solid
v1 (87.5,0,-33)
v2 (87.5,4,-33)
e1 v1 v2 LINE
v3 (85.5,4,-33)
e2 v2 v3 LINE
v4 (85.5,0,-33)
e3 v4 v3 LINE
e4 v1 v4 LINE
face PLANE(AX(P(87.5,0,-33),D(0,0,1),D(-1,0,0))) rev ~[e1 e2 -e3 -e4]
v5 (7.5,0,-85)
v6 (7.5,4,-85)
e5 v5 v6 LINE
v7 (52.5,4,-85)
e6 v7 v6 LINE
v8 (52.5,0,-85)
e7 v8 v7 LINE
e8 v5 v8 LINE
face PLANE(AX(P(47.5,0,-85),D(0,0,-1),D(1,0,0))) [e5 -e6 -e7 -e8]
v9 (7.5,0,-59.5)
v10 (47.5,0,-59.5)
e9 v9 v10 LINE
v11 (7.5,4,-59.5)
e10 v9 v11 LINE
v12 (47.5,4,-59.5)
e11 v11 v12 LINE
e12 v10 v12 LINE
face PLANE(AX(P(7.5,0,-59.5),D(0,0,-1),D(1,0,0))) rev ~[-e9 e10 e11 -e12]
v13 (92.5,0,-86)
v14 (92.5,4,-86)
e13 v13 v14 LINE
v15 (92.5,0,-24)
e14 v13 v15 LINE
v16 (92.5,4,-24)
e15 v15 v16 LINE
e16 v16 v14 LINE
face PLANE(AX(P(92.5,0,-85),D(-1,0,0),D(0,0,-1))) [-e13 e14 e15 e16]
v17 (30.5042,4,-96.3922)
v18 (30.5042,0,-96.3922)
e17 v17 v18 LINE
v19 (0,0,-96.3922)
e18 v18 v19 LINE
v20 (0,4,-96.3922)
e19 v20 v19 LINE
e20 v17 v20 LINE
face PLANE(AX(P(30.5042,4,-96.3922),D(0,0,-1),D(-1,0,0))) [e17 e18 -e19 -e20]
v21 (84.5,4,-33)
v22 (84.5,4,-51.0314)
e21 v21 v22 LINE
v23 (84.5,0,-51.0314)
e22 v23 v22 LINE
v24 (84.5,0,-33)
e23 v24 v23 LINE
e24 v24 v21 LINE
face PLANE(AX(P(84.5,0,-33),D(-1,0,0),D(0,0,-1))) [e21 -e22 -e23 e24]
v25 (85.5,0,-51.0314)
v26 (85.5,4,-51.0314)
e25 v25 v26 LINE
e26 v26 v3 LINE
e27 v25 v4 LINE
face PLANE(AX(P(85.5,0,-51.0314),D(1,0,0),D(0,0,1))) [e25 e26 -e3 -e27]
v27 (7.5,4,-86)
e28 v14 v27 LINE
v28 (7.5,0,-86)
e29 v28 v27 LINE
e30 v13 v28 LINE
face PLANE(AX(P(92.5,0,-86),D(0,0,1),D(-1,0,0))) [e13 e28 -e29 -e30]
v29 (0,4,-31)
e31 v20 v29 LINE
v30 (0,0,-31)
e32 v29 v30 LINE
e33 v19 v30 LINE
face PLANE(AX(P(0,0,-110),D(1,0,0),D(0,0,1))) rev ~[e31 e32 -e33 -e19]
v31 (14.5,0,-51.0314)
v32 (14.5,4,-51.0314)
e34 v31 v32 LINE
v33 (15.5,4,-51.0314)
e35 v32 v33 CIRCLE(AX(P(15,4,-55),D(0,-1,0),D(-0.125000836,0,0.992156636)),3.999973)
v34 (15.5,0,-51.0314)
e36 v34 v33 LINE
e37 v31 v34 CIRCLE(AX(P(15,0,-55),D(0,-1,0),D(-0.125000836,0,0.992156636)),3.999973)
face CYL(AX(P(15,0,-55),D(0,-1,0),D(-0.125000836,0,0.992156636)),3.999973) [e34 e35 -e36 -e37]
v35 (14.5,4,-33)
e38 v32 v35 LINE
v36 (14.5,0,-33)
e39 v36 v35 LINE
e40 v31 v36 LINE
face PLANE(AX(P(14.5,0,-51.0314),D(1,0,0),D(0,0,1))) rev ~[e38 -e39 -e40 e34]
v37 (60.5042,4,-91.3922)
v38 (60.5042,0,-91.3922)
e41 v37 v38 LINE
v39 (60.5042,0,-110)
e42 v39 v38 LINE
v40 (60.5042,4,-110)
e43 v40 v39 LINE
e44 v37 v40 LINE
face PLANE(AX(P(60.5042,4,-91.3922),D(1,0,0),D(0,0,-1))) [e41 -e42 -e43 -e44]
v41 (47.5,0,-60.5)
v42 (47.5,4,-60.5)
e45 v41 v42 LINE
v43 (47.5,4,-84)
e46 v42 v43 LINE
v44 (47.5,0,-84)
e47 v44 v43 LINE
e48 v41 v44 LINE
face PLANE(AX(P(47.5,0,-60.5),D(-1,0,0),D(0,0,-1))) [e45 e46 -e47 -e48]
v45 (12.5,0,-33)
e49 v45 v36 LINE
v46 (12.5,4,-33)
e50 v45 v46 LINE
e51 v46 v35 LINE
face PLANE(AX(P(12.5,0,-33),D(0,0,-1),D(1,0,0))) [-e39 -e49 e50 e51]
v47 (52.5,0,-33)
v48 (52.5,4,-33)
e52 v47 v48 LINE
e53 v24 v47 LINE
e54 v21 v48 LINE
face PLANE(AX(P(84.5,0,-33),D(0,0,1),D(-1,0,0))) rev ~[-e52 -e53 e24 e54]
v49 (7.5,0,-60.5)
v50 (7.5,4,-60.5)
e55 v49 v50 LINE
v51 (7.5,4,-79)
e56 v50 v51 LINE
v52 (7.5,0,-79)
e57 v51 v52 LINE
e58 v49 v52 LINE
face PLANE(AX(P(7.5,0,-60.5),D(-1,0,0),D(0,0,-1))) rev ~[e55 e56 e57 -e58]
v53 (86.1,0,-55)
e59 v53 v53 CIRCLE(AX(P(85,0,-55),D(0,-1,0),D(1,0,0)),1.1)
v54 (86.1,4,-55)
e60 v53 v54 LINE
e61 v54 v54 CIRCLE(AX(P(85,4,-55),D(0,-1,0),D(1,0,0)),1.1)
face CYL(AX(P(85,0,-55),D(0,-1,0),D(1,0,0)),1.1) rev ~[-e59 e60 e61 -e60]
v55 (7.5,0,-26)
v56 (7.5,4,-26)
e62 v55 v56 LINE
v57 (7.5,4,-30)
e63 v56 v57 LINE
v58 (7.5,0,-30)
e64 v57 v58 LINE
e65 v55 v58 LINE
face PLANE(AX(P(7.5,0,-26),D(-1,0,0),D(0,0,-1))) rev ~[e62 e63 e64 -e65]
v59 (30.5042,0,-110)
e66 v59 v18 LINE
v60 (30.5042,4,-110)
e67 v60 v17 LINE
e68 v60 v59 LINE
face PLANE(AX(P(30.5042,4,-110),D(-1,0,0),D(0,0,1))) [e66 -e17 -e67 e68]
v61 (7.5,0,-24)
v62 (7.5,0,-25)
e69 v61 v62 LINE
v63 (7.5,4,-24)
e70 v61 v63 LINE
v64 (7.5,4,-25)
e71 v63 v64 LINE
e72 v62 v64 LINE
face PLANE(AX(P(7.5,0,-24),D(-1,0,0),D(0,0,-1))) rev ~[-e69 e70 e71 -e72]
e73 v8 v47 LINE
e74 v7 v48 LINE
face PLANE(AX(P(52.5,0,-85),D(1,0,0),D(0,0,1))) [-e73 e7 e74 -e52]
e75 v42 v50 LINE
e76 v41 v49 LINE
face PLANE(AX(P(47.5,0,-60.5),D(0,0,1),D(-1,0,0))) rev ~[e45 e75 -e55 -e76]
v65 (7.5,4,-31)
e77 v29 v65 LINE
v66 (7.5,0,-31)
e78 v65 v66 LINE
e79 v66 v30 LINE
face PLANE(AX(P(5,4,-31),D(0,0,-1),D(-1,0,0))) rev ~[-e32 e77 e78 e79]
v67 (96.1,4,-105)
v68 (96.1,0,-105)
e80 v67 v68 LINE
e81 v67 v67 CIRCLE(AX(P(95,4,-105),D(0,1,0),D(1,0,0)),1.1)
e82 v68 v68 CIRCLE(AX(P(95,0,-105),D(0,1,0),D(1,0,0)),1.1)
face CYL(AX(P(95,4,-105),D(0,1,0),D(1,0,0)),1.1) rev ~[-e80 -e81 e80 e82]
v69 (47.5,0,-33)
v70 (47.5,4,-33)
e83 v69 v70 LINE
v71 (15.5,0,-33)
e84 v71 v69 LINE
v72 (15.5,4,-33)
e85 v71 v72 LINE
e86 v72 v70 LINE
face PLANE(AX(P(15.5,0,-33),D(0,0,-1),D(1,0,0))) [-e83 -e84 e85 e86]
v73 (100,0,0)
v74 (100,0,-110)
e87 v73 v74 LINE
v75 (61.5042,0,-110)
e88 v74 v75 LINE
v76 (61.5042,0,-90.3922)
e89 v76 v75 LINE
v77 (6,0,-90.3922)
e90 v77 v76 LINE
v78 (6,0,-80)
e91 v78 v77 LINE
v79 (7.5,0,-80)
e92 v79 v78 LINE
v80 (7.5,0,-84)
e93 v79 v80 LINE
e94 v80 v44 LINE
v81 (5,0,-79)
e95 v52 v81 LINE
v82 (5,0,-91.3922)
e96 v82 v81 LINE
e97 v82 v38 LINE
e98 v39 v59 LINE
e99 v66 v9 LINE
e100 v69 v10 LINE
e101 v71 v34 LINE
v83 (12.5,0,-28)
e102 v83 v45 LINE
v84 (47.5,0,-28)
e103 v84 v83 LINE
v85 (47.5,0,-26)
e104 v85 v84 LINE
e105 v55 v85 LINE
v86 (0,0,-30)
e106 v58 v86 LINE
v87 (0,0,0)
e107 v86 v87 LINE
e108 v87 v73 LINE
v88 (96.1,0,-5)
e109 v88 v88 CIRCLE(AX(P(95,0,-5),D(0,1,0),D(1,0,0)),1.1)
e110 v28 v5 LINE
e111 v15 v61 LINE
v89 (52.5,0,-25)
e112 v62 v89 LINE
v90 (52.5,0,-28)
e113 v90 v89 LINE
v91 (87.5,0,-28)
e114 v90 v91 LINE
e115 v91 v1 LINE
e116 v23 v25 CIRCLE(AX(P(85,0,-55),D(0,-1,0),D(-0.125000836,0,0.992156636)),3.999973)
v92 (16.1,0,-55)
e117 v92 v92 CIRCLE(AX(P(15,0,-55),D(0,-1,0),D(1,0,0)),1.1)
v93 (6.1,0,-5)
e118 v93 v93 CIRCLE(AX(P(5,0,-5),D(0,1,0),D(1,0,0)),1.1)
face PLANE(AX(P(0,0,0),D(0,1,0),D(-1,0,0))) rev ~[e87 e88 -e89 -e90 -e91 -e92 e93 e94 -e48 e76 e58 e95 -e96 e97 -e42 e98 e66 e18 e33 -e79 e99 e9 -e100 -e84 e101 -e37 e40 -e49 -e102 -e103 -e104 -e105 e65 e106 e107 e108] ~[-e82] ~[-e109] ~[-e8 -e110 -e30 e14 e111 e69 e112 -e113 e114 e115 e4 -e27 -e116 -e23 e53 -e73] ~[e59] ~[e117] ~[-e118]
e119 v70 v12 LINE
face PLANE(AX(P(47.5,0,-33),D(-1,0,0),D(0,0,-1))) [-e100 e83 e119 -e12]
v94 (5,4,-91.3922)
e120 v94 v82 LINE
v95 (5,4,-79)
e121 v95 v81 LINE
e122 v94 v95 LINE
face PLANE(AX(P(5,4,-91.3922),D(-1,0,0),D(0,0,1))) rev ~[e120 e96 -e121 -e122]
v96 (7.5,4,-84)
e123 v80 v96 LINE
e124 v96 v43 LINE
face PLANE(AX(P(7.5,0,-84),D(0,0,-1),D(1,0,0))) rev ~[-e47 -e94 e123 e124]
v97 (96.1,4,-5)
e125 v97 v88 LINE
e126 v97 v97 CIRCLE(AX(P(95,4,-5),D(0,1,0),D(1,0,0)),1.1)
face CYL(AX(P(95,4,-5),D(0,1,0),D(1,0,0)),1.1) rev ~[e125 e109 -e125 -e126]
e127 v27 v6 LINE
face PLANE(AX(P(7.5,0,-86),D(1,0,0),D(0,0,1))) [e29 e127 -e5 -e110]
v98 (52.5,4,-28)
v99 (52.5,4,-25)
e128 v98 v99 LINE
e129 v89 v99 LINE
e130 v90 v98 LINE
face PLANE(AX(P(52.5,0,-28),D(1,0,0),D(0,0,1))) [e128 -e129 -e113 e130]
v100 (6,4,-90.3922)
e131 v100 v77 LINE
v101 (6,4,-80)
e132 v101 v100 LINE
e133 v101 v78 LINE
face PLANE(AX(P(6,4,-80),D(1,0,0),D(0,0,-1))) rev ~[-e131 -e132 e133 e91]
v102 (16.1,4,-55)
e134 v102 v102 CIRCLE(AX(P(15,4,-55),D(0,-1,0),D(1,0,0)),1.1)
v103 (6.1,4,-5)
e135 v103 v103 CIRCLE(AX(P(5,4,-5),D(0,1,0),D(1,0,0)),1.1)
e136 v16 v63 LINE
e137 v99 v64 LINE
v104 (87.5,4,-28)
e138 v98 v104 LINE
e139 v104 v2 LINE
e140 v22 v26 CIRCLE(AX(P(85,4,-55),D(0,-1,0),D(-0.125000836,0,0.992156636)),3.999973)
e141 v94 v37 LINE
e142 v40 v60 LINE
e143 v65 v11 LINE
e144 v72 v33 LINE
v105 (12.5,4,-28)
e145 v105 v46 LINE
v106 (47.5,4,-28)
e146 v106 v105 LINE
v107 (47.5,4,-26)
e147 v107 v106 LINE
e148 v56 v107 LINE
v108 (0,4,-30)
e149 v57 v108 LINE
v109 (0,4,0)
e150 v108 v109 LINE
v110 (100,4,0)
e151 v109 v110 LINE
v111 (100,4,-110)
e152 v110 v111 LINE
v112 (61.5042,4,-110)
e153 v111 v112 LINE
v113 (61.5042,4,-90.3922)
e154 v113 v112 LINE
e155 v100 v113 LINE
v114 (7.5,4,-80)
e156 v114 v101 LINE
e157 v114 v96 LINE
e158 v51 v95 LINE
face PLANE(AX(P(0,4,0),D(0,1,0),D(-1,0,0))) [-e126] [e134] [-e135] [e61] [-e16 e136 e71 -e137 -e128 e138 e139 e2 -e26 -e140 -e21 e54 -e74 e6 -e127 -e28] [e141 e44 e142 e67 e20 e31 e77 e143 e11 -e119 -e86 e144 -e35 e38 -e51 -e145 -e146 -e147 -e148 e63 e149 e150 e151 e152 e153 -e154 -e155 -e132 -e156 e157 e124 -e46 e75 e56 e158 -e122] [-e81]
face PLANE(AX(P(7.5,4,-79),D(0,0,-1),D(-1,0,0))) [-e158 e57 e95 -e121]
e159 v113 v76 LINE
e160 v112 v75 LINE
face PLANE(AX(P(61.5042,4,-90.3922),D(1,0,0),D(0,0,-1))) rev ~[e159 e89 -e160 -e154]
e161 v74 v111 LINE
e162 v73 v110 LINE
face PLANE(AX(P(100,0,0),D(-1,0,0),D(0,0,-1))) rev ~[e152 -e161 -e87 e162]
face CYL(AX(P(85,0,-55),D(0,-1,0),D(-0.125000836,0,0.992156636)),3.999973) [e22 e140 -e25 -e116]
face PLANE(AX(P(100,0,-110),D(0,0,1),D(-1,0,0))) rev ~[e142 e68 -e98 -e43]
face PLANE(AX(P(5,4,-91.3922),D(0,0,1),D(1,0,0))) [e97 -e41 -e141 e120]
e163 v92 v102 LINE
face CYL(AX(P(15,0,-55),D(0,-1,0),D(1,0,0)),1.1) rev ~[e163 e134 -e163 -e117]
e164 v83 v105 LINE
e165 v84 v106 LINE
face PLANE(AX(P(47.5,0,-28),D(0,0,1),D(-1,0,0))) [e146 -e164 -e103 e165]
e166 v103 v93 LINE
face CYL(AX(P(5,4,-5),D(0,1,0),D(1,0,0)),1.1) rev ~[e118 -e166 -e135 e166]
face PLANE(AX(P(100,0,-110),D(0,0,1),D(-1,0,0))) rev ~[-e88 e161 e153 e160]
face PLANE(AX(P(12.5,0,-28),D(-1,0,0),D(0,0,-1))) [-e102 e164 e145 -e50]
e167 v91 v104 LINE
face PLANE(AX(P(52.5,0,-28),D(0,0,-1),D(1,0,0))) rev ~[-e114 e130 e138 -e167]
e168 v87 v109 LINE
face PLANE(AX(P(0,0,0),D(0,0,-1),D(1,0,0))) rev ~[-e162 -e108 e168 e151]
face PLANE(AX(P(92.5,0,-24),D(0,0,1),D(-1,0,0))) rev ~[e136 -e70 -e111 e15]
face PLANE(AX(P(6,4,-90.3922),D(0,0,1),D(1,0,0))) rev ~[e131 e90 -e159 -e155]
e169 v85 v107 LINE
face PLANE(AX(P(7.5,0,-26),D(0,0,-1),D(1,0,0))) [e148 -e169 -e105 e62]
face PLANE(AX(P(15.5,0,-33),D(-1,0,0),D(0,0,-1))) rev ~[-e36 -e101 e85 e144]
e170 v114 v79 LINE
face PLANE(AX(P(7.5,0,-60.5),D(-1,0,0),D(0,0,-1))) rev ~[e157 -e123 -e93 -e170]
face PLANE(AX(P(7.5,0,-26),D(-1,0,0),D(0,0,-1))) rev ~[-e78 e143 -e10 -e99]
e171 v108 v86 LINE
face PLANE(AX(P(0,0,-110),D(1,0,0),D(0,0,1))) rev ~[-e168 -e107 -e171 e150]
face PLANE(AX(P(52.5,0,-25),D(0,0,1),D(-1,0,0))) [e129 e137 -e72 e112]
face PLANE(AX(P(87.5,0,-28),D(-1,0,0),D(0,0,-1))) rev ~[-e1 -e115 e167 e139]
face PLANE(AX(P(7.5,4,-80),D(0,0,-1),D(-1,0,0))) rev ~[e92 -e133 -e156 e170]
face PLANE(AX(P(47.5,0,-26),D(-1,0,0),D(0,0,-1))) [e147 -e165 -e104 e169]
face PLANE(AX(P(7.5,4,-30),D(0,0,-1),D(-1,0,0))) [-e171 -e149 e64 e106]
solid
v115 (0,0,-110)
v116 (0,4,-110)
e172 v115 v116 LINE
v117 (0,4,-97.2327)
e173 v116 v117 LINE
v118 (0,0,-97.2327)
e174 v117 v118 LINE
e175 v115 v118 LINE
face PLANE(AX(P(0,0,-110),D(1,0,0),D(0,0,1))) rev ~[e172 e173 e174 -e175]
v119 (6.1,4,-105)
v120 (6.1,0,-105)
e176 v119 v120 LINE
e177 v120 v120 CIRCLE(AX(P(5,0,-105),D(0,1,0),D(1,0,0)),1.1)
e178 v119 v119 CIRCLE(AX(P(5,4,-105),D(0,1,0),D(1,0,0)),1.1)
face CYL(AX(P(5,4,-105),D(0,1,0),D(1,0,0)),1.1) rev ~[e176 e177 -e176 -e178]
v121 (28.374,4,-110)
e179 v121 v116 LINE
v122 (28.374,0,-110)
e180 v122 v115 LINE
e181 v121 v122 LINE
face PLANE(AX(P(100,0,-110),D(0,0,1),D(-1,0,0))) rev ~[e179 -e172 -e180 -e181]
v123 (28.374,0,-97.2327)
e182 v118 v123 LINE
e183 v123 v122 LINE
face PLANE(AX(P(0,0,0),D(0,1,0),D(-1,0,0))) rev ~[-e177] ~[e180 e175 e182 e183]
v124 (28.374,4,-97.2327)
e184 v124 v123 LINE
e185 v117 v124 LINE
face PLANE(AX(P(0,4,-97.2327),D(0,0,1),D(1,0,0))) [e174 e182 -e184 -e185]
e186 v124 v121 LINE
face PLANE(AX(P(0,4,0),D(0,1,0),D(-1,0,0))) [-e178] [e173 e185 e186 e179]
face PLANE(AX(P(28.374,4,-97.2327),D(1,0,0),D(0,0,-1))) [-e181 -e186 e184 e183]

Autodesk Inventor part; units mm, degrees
ref_plane "YZ Plane" through (0, 0, 0) normal (1, 0, 0) x (0, 1, 0)
ref_plane "XZ Plane" through (0, 0, 0) normal (0, 1, 0) x (-1, 0, 0)
ref_plane "XY Plane" through (0, 0, 0) normal (0, 0, 1) x (1, 0, 0)
sketch "Sketch1" plane through (0, 0, 0) normal (0, 1, 0) x (-1, 0, 0)
  line L0 (0, 0) -> (-100, 0)
  line L1 (-100, 0) -> (-100, -110)
  line L2 (-100, -110) -> (0, -110)
  line L3 (0, -110) -> (0, 0)
  dimension "d0" = 110
  dimension "d1" = 100
extrude "Extrusion1" add sketch "Sketch1" along normal blind 4
sketch "Sketch5" plane through (0, 4, 0) normal (0, 1, 0) x (1, 0, 0)
  circle A0 centre (5, 5) radius 1.1
  line L0 (0, 0) -> (100, 0) projected
  line L1 (0, 110) -> (0, 0) projected
  line L2 (0, 55) -> (10.2566, 55)
  circle A1 centre (5, 105) radius 1.1
  line L3 (0, 110) -> (100, 110)
  line L4 (0, 0) -> (0, 110)
  line L5 (50, 0) -> (50, 7.5266)
  circle A2 centre (95, 5) radius 1.1
  line L6 (100, 110) -> (100, 0)
  circle A3 centre (95, 105) radius 1.1
  line L7 (100, 0) -> (100, 110)
  point P0 (100, 55)
  point P1 (89.7434, 55)
  dimension "d41" = 5
  dimension "d42" = 5
  dimension "d43" = 2.2
extrude "Extrusion4" cut sketch "Sketch5" against normal blind 10 contours A0 | A1 | A2 | A3
thread "Thread7" size "M2.5x0.45" class "6H" standard "ANSI Metric M Profile" length 10
thread "Thread8" size "M2.5x0.45" class "6H" standard "ANSI Metric M Profile" length 10
thread "Thread9" size "M2.5x0.45" class "6H" standard "ANSI Metric M Profile" length 10
thread "Thread10" size "M2.5x0.45" class "6H" standard "ANSI Metric M Profile" length 10
sketch "Sketch6" plane through (0, 0, 0) normal (0, -1, 0) x (1, 0, 0)
  line L0 (0, 0) -> (100, 0) projected
  line L1 (0, -110) -> (0, 0) projected
  line L2 (47.5, -85) -> (52.5, -85)
  line L3 (52.5, -85) -> (52.5, -25)
  line L4 (52.5, -25) -> (47.5, -25)
  line L5 (47.5, -25) -> (47.5, -85)
  line L6 (47.5, -85) -> (52.5, -25) construction
  line L7 (52.5, -85) -> (47.5, -25) construction
  line L8 (100, 0) -> (100, -110) projected
  line L9 (100, -110) -> (0, -110) projected
  line L10 (47.5, -25) -> (7.5, -25)
  line L11 (7.5, -25) -> (7.5, -26)
  line L12 (7.5, -26) -> (47.5, -26)
  line L13 (47.5, -26) -> (47.5, -25)
  line L14 (47.5, -85) -> (7.5, -85)
  line L15 (7.5, -85) -> (7.5, -84)
  line L16 (7.5, -84) -> (47.5, -84)
  line L17 (47.5, -84) -> (47.5, -85)
  line L18 (52.5, -33) -> (52.5, -28)
  circle A0 centre (15, -55) radius 1.1
  line L19 (7.5, -26) -> (7.5, -84)
  line L20 (92.5, -28) -> (92.5, -85)
  line L21 (92.5, -85) -> (52.5, -85)
  line L22 (52.5, -85) -> (52.5, -28)
  line L23 (7.5, -25) -> (92.5, -25)
  line L24 (92.5, -25) -> (92.5, -24)
  line L25 (92.5, -24) -> (7.5, -24)
  line L26 (7.5, -24) -> (7.5, -25)
  line L27 (7.5, -85) -> (92.5, -85)
  line L28 (92.5, -85) -> (92.5, -86)
  line L29 (92.5, -86) -> (7.5, -86)
  line L30 (7.5, -86) -> (7.5, -85)
  line L31 (92.5, -28) -> (92.5, -25)
  line L32 (47.5, -60.5) -> (7.5, -60.5)
  line L33 (7.5, -60.5) -> (7.5, -59.5)
  line L34 (7.5, -59.5) -> (47.5, -59.5)
  line L35 (47.5, -59.5) -> (47.5, -60.5)
  line L36 (47.5, -28) -> (12.5, -28)
  line L37 (12.5, -28) -> (12.5, -33)
  line L38 (12.5, -33) -> (47.5, -33)
  line L39 (47.5, -33) -> (47.5, -28)
  arc A1 (14.5, -51.0314) -> (15.5, -51.0314) centre (15, -55) ccw
  line L40 (14.5, -33) -> (15.5, -33)
  line L41 (15.5, -33) -> (15.5, -51.0314)
  line L42 (14.5, -51.0314) -> (14.5, -33)
  line L43 (50, -85) -> (50, -73.5088)
  circle A2 centre (85, -55) radius 1.1
  line L44 (52.5, -28) -> (87.5, -28)
  line L45 (87.5, -28) -> (87.5, -33)
  line L46 (87.5, -33) -> (52.5, -33)
  line L47 (52.5, -33) -> (52.5, -28)
  arc A3 (84.5, -51.0314) -> (85.5, -51.0314) centre (85, -55) ccw
  line L48 (85.5, -33) -> (84.5, -33)
  line L49 (84.5, -33) -> (84.5, -51.0314)
  line L50 (85.5, -51.0314) -> (85.5, -33)
  point P0 (50, -55)
  point P1 (47.5, -59.5)
  point P2 (15.5, -42.2901)
  point P3 (15, -51.5803)
  point P4 (84.5, -42.2901)
  point P5 (85, -51.5803)
  point P6 (52.5, -25)
  point P7 (47.5, -59.5)
  dimension "d113" = 50
  dimension "d115" = 5
  dimension "d117" = 1
  dimension "d119" = 40
  dimension "d121" = 40
  dimension "d122" = 1
  dimension "d140" = 2.2
  dimension "d141" = 40
  dimension "d142" = 1
  dimension "d143" = 1
  dimension "d151" = 1
  dimension "d166" = 35
  dimension "d167" = 55
  dimension "d168" = 35
  dimension "d169" = 5
  dimension "d170" = 2
  dimension "d171" = 8
  dimension "d172" = 1
  dimension "d173" = 0
extrude "Extrusion5" cut sketch "Sketch6" against normal blind 4 contours L2 L21 L28 L29 L30 L14 | L16 L19 L32 L5 | L3 L46 L49 A3 L50 L45 L44 L23 L31 L20 L21 | L34 L19 L12 L5 L36 L37 L38 L42 A1 L41 | L4 L10 L26 L25 L24 L23 | A0 | A2
sketch "Sketch8" plane through (0, 4, 0) normal (0, 1, 0) x (1, 0, 0)
  line L0 (100, 110) -> (0, 110) projected
  line L1 (60.5042, 110) -> (30.5042, 110)
  line L2 (30.5042, 110) -> (30.5042, 96.3922)
  line L3 (30.5042, 96.3922) -> (60.5042, 96.3922)
  line L4 (60.5042, 96.3922) -> (60.5042, 110)
  line L5 (0, 110) -> (0, 0) projected
  line L6 (60.5042, 96.3922) -> (0, 96.3922)
  line L7 (0, 96.3922) -> (0, 91.3922)
  line L8 (0, 91.3922) -> (60.5042, 91.3922)
  line L9 (60.5042, 91.3922) -> (60.5042, 96.3922)
  line L10 (0, 91.3922) -> (5, 91.3922)
  line L11 (5, 91.3922) -> (5, 31)
  line L12 (5, 31) -> (0, 31)
  line L13 (0, 31) -> (0, 91.3922)
  line L14 (7.5, 60.5) -> (7.5, 84) projected
  line L15 (5, 31) -> (7.5, 31)
  line L16 (7.5, 31) -> (7.5, 79)
  line L17 (7.5, 79) -> (5, 79)
  line L18 (5, 79) -> (5, 31)
  line L19 (7.5, 84) -> (47.5, 84) projected
  line L20 (47.5, 26) -> (7.5, 26) projected
  line L21 (7.5, 80) -> (6, 80)
  line L22 (6, 80) -> (6, 90.3922)
  line L23 (6, 90.3922) -> (61.5042, 90.3922)
  line L24 (61.5042, 90.3922) -> (61.5042, 110)
  line L25 (0, 97.2327) -> (28.374, 97.2327)
  line L26 (28.374, 97.2327) -> (28.374, 110)
  line L27 (7.5, 26) -> (7.5, 59.5) projected
  line L28 (7.5, 30) -> (0, 30)
  point P0 (6.25, 79)
  point P1 (0, 31)
  point P2 (0, 96.3922)
  point P3 (5, 91.3922)
  dimension "d153" = 5
  dimension "d154" = 5
  dimension "d155" = 5
  dimension "d156" = 5
  dimension "d157" = 30
  dimension "d158" = 1
  dimension "d159" = 1
  dimension "d160" = 1
  dimension "d161" = 1
  dimension "d162" = 1
extrude "Extrusion6" cut sketch "Sketch8" against normal blind 4 contours L24 L23 L22 L21 L14 L17 L11 L8 L9 L4 L0 | L2 L6 L5 L25 L26 L0 | L12 L15 L27 L28 L5
properties part number "FlexK7Holder"
